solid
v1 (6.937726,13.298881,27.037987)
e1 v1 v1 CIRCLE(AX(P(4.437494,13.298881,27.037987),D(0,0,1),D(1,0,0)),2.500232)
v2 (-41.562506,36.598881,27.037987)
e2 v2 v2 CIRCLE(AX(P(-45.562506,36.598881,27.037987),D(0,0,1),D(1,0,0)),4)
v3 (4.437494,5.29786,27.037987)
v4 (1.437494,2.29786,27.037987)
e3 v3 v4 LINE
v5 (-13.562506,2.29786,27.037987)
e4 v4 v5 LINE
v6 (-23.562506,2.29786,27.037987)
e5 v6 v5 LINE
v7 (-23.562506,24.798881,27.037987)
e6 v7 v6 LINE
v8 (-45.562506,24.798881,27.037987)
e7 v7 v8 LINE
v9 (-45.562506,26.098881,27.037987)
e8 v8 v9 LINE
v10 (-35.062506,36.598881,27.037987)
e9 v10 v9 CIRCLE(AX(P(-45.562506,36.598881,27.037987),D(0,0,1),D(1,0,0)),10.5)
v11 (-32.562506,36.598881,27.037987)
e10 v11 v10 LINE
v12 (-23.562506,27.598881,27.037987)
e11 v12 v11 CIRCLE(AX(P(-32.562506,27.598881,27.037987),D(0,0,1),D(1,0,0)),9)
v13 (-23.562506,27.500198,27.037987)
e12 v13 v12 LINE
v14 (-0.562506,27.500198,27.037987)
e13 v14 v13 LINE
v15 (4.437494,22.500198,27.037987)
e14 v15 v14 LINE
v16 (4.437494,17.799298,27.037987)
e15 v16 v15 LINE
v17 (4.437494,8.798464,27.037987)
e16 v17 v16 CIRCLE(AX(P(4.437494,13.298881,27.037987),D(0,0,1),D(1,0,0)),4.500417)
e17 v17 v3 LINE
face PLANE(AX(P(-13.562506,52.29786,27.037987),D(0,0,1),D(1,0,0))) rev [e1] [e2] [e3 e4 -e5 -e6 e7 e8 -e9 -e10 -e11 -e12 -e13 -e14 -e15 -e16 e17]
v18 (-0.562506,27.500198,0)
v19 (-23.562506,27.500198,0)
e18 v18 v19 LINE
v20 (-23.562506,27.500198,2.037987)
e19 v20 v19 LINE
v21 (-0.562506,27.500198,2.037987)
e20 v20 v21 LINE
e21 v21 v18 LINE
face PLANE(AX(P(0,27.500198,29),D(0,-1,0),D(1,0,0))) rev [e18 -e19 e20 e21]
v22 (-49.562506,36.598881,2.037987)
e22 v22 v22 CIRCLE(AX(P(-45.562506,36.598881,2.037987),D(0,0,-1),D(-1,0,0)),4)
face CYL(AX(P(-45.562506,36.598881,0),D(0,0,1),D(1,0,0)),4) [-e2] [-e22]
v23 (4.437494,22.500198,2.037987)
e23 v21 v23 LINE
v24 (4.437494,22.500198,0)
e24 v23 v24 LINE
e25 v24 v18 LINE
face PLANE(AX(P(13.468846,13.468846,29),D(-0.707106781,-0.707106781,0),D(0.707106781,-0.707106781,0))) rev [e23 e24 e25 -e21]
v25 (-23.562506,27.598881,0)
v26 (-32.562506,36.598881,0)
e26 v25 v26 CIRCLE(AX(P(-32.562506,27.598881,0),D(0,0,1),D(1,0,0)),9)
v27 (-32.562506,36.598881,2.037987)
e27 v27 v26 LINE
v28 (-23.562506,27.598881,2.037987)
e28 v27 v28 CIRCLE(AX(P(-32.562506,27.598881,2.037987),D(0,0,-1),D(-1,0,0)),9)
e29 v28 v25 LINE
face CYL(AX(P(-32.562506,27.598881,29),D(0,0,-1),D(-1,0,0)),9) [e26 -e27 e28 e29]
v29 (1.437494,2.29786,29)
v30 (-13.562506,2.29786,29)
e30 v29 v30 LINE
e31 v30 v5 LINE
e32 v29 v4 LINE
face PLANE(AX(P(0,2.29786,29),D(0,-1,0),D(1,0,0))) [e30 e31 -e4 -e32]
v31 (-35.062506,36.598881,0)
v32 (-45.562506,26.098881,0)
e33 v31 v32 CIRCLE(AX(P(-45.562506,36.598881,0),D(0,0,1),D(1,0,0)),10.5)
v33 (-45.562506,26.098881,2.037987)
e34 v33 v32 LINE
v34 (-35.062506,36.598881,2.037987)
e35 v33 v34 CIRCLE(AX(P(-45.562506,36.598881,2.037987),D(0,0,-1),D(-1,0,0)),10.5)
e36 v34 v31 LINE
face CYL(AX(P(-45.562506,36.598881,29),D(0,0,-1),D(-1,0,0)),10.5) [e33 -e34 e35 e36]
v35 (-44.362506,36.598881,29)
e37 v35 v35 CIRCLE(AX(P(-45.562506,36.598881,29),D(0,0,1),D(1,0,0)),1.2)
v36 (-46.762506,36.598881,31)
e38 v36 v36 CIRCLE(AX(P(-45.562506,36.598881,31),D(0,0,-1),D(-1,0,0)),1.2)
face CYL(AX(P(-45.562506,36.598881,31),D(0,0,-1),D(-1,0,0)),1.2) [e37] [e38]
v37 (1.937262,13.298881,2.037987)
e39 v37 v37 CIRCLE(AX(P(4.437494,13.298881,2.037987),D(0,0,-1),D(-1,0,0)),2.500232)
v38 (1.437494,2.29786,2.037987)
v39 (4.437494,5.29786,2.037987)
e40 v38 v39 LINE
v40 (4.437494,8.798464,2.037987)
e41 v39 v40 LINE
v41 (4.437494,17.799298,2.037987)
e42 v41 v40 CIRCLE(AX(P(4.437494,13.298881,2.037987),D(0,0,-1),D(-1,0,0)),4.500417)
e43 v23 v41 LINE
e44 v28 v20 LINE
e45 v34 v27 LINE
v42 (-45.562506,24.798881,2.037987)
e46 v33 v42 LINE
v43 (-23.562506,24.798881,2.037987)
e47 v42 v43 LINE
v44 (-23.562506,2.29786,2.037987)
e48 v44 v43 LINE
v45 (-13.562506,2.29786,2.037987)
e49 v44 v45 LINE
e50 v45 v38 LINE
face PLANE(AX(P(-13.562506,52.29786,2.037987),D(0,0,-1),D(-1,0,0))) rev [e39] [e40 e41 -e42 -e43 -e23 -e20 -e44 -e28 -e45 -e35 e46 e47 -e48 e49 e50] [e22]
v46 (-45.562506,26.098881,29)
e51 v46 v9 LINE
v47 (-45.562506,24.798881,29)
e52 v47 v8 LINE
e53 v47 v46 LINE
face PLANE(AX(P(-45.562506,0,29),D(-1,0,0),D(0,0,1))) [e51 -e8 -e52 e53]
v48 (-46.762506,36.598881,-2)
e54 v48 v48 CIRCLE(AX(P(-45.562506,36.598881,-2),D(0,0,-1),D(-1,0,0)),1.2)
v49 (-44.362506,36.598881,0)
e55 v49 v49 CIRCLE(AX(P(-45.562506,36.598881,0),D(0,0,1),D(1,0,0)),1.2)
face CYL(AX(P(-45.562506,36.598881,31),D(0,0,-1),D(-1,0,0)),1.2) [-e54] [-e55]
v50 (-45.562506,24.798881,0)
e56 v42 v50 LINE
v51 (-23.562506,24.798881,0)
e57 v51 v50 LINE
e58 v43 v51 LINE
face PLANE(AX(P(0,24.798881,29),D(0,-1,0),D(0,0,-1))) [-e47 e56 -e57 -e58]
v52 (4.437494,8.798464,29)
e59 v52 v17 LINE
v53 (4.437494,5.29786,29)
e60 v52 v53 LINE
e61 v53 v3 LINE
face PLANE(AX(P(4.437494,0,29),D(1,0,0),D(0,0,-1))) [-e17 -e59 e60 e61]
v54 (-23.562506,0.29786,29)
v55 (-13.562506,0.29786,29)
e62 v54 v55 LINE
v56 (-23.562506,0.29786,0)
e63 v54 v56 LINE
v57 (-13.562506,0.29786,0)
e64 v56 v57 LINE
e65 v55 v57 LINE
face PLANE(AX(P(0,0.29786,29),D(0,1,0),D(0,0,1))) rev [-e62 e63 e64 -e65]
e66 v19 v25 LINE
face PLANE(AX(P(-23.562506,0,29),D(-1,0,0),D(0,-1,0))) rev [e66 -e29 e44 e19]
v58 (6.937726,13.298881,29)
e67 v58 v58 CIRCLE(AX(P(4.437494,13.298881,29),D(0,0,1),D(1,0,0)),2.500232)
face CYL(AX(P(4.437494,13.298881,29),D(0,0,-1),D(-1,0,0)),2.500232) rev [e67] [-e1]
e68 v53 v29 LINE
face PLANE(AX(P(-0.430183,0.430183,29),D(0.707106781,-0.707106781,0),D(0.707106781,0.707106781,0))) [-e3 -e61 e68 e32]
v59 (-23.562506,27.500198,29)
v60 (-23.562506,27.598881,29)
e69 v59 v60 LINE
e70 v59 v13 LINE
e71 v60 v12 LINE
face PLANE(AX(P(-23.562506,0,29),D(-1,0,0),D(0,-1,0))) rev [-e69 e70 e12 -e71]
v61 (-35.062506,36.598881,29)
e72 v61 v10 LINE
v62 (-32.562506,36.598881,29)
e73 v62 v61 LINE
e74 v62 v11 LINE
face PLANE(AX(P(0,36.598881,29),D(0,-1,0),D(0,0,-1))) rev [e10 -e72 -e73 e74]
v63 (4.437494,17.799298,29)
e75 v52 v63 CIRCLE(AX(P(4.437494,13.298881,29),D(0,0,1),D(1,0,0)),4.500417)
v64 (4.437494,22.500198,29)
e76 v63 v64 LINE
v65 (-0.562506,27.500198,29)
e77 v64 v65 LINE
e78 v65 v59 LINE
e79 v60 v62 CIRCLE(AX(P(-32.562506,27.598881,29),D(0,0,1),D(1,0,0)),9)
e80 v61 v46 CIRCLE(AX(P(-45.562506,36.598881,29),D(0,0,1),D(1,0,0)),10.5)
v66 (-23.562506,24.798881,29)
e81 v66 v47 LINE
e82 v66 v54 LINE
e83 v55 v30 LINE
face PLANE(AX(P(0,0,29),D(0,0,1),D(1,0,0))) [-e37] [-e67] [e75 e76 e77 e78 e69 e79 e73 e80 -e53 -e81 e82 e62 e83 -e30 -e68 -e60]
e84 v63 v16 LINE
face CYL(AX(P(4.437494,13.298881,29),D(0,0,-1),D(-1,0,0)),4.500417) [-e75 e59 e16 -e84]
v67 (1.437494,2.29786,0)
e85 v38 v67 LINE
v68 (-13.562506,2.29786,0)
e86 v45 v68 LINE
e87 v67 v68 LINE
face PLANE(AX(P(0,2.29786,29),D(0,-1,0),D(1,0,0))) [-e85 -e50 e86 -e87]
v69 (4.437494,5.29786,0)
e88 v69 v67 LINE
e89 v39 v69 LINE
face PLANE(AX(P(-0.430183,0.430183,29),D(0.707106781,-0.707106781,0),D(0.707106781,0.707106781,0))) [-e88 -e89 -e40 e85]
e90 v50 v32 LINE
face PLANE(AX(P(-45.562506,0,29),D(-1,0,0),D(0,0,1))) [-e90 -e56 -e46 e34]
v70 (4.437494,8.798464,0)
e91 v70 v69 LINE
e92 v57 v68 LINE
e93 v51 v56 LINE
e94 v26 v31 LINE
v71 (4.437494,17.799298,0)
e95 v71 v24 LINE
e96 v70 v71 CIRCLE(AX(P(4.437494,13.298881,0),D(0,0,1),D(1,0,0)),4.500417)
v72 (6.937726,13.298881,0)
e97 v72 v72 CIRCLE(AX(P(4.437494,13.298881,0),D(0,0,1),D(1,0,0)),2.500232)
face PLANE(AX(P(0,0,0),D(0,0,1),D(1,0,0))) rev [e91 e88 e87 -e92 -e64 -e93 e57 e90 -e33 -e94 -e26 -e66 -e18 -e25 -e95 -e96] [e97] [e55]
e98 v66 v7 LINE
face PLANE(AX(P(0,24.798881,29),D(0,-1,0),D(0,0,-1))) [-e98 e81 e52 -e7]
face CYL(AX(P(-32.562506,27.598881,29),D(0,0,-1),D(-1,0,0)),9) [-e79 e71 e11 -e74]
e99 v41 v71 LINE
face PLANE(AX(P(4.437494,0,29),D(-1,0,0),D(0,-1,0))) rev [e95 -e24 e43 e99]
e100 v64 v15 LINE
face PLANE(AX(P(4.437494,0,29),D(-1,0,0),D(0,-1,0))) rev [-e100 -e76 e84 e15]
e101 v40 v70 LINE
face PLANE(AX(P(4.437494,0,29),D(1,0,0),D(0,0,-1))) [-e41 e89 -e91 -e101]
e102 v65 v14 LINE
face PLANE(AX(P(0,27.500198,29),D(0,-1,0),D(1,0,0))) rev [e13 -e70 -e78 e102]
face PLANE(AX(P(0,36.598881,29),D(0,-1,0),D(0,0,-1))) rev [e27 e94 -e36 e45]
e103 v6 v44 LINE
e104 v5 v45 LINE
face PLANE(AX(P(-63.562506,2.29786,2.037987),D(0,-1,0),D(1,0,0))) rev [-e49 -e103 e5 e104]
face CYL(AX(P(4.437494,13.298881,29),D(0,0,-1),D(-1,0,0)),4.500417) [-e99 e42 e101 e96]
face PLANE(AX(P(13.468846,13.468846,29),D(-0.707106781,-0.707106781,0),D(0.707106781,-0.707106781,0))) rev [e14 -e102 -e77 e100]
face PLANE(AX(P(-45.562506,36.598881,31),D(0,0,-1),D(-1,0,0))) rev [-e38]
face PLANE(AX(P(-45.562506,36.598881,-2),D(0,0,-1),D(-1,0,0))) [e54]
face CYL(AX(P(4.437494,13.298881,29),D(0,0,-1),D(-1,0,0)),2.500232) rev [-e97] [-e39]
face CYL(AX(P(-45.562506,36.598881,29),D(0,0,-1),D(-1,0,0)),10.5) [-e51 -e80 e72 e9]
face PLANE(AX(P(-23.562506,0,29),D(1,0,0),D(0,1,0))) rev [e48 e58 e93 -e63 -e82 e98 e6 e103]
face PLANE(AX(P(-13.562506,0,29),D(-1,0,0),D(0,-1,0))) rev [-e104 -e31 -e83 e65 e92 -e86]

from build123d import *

# Parameters (mm, degrees)
SKETCH_1_R           = 4
SKETCH_1_R_2         = 2.50023196
EXTRUDE_3_DEPTH      = 29
SKETCH_5_W           = 29.813353088
SKETCH_5_H           = 25
CUT_EXTRUDE_2_DEPTH  = 50
SKETCH_6_W           = 25
SKETCH_6_H           = 54.055656888
CUT_EXTRUDE_3_DEPTH  = 50
SKETCH_7_R           = 4
SKETCH_7_R_2         = 1.2
EXTRUDE_4_DEPTH      = 29
SKETCH_10_R          = 1.2
EXTRUDE_5_DEPTH      = 2
EXTRUDE_5_DEPTH_BACK = 31


with BuildPart() as part:
    # 草图1 → 凸台-拉伸3 (new body)
    with BuildSketch(Plane.XY):
        with BuildLine():
            Line((-23.562506416, 27.500198397), (-23.562506416, 27.598880866))
            ThreePointArc((-23.562506416, 27.598880866), (-26.198545385, 33.962841897), (-32.562506416, 36.598880866))
            Line((-32.562506416, 36.598880866), (-35.062506416, 36.598880866))
            ThreePointArc((-35.062506416, 36.598880866), (-52.987127618, 44.023502068), (-45.562506416, 26.098880866))
            Line((-45.562506416, 26.098880866), (-45.562506416, 24.798880866))
            Line((-45.562506416, 24.798880866), (-23.562506416, 24.798880866))
            Line((-23.562506416, 24.798880866), (-23.562506416, 2.297860243))
            Line((-23.562506416, 2.297860243), (-23.562506416, 0.297860243))
            Line((-23.562506416, 0.297860243), (-13.562506416, 0.297860243))
            Line((-13.562506416, 0.297860243), (-13.562506416, 2.297860243))
            Line((-13.562506416, 2.297860243), (1.437493584, 2.297860243))
            Line((1.437493584, 2.297860243), (4.437493584, 5.297860243))
            Line((4.437493584, 5.297860243), (4.437493584, 8.798464088))
            ThreePointArc((4.437493584, 8.798464088), (8.937910362, 13.298880866), (4.437493584, 17.799297644))
            Line((4.437493584, 17.799297644), (4.437493584, 22.500198397))
            Line((4.437493584, 22.500198397), (-0.562506416, 27.500198397))
            Line((-0.562506416, 27.500198397), (-23.562506416, 27.500198397))
        make_face()
        with Locations((-45.562506416, 36.598880866)):
            Circle(SKETCH_1_R, mode=Mode.SUBTRACT)
        with Locations((4.437493584, 13.298880866)):
            Circle(SKETCH_1_R_2, mode=Mode.SUBTRACT)
    extrude(amount=EXTRUDE_3_DEPTH)

    # 草图5 → 切除-拉伸2 (cut)
    with BuildSketch(Plane.XZ.offset(-2.297860243)):
        with Locations((1.344170128, 14.537987409)):
            Rectangle(SKETCH_5_W, SKETCH_5_H)
    extrude(amount=-CUT_EXTRUDE_2_DEPTH, mode=Mode.SUBTRACT)

    # 草图6 → 切除-拉伸3 (cut)
    with BuildSketch(Plane(origin=(-13.562506416, 0, 0), x_dir=(0, 0, -1), z_dir=(1, 0, 0))):
        with Locations((-14.537987409, 29.325688687)):
            Rectangle(SKETCH_6_W, SKETCH_6_H)
    extrude(amount=-CUT_EXTRUDE_3_DEPTH, mode=Mode.SUBTRACT)

    # 草图7 → 凸台-拉伸4 (add)
    with BuildSketch(Plane.XY.offset(29)):
        with Locations((-45.562506416, 36.598880866)):
            Circle(SKETCH_7_R)
        with Locations((-45.562506416, 36.598880866)):
            Circle(SKETCH_7_R_2, mode=Mode.SUBTRACT)
    extrude(amount=-EXTRUDE_4_DEPTH)

    # 草图10 → 凸台-拉伸5 (add, two sides)
    with BuildSketch(Plane(origin=(0, 0, 0), x_dir=(-1, 0, 0), z_dir=(0, 0, -1))) as extrude_5_sk:
        with Locations((45.562506416, 36.598880866)):
            Circle(SKETCH_10_R)
    extrude(amount=EXTRUDE_5_DEPTH)
    extrude(extrude_5_sk.sketch, amount=-EXTRUDE_5_DEPTH_BACK)


solid = part.part
